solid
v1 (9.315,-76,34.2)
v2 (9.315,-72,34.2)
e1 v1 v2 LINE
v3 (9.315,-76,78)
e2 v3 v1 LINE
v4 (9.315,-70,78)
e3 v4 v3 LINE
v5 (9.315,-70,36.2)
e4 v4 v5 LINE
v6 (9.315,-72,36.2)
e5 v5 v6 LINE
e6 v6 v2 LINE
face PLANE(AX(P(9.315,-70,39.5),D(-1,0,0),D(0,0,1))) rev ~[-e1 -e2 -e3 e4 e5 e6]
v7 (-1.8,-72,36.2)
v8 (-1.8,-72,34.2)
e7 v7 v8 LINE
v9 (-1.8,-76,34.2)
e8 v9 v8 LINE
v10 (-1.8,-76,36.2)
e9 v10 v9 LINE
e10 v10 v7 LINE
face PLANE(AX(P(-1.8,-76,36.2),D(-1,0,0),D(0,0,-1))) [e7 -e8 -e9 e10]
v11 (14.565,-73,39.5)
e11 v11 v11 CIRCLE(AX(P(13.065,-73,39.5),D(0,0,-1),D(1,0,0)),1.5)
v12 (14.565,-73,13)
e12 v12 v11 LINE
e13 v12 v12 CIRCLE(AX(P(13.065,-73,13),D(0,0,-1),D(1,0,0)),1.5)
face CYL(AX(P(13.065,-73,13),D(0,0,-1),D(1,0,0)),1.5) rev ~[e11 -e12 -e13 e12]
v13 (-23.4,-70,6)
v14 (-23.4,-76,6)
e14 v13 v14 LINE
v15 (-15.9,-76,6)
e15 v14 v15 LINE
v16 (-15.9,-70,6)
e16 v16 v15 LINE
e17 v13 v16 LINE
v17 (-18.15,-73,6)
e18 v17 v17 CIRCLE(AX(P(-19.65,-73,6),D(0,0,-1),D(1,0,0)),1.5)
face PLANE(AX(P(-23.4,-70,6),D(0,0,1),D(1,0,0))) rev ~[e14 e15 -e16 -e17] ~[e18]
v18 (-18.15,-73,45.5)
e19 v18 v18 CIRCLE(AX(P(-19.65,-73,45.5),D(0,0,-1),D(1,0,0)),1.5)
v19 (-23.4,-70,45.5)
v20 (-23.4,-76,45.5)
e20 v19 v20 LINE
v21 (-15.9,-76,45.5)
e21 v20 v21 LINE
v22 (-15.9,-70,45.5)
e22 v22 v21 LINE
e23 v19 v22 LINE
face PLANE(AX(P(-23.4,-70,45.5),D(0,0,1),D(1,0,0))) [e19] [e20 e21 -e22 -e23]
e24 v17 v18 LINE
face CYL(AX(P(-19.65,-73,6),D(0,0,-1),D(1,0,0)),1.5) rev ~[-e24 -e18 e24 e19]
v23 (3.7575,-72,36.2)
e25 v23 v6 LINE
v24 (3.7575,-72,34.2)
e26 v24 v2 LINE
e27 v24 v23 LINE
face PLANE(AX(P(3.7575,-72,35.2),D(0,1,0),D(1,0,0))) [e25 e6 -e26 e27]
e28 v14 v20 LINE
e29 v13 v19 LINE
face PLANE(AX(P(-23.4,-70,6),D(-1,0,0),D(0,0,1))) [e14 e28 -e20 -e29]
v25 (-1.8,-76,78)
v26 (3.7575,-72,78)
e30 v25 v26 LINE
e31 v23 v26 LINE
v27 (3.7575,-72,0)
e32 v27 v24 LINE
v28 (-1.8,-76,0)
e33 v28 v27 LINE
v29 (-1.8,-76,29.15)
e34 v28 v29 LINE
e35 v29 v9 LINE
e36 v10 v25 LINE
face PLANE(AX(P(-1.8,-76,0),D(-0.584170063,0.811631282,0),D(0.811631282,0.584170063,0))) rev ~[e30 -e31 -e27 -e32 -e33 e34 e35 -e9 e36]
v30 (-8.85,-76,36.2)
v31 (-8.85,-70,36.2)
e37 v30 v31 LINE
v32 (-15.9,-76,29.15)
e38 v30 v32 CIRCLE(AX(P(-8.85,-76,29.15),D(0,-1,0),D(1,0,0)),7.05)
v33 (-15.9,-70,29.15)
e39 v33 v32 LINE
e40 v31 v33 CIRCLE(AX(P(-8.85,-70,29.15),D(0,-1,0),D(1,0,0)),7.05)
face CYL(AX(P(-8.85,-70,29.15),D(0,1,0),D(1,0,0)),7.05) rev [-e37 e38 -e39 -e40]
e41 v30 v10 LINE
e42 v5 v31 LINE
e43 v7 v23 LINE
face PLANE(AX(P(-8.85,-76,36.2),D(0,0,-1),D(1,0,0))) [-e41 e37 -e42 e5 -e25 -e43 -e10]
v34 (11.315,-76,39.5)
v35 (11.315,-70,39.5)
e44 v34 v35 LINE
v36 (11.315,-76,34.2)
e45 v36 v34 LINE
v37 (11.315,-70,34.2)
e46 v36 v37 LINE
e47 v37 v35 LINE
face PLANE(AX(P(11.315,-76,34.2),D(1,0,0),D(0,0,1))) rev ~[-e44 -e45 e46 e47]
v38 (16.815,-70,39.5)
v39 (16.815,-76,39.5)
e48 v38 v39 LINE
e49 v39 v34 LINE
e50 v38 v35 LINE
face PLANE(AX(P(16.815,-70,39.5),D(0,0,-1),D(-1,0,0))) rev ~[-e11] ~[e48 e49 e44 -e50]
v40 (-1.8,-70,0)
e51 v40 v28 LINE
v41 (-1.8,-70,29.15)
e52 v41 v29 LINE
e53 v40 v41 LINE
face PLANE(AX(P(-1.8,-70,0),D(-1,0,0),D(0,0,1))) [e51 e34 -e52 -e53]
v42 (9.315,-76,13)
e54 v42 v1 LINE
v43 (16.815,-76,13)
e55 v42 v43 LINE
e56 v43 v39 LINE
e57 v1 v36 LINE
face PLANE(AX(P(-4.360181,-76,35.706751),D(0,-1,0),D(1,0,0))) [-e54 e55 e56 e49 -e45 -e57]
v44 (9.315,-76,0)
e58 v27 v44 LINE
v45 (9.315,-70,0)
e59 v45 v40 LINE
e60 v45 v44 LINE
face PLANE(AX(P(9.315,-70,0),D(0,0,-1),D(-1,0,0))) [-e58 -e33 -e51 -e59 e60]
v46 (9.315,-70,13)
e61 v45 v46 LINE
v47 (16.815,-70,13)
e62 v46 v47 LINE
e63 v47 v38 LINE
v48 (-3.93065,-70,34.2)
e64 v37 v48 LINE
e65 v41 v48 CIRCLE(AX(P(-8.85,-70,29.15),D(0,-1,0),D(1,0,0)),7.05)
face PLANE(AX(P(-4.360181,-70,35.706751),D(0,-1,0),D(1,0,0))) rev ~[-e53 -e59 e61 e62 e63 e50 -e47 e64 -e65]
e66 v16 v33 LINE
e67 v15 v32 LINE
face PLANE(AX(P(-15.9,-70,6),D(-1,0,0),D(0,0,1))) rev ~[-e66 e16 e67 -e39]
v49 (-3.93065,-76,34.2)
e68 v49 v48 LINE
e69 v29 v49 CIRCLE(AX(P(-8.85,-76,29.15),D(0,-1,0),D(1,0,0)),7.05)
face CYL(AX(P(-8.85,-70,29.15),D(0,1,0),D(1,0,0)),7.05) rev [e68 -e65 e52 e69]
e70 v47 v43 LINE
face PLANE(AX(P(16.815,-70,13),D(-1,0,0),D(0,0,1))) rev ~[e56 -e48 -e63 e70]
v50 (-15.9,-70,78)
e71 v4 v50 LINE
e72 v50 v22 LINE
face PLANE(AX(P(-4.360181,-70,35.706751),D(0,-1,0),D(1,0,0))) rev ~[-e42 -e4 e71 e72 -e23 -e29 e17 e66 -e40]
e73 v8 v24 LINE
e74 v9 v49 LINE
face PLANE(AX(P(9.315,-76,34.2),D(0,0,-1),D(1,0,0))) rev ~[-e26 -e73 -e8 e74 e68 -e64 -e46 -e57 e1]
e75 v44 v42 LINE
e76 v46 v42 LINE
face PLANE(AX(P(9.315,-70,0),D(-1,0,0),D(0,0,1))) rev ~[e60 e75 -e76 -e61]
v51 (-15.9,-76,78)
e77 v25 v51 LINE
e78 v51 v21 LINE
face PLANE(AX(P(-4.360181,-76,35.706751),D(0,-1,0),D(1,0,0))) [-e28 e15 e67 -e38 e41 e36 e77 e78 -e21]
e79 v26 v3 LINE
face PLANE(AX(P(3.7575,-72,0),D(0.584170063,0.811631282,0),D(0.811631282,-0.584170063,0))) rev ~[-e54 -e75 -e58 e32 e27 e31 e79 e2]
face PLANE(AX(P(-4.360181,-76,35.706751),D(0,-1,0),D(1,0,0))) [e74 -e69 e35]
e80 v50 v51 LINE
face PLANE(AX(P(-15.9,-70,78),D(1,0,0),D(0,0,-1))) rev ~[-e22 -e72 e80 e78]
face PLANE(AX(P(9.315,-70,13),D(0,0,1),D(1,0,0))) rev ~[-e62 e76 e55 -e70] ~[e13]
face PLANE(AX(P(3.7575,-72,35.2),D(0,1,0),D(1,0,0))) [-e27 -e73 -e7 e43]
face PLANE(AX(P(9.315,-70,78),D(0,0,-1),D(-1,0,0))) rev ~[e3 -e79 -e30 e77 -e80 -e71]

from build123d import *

# Parameters (mm, degrees)
PAD013_DEPTH    = 6
POCKET007_DEPTH = 78.001
SKETCH019_W     = 2
SKETCH019_H     = 5.3
POCKET008_DEPTH = 6.001
SKETCH020_W     = 11.115
SKETCH020_H     = 2
POCKET009_DEPTH = 2
SKETCH021_R     = 1.5
POCKET010_DEPTH = 72.001
SKETCH022_R     = 1.5
POCKET011_DEPTH = 65.001


with BuildPart() as part:
    # Sketch017 → Pad013 (new body)
    with BuildSketch(Plane.XZ):
        with BuildLine():
            Line((-15.9, 6), (-15.9, 29.15))
            ThreePointArc((-1.8, 29.15), (-8.85, 36.2), (-15.9, 29.15))
            Line((-1.8, 0), (-1.8, 29.15))
            Line((9.315, 0), (-1.8, 0))
            Line((9.315, 0), (9.315, 13))
            Line((9.315, 13), (16.815, 13))
            Line((16.815, 13), (16.815, 39.5))
            Line((16.815, 39.5), (9.315, 39.5))
            Line((9.315, 39.5), (9.315, 78))
            Line((9.315, 78), (-15.9, 78))
            Line((-15.9, 78), (-15.9, 45.5))
            Line((-23.4, 45.5), (-15.9, 45.5))
            Line((-23.4, 6), (-23.4, 45.5))
            Line((-23.4, 6), (-15.9, 6))
        make_face()
    extrude(amount=PAD013_DEPTH)

    # Sketch018 (on Face5 of Pad013) → Pocket007 (cut, through all)
    with BuildSketch(Plane(origin=(0, 0, 0), x_dir=(1, 0, 0), z_dir=(0, 0, -1))):
        Polygon((-1.8, 6), (3.7575, 2), (9.315, 6), align=None)
    extrude(amount=-POCKET007_DEPTH, mode=Mode.SUBTRACT)

    # Sketch019 (on Face5 of Pocket007) → Pocket008 (cut, through all)
    with BuildSketch(Plane.XZ.offset(6)):
        with BuildLine():
            Line((-8.8500001165, 36.2), (-1.8, 36.2))
            Line((-1.8, 36.2), (-1.8, 34.2))
            Line((-1.8, 34.2), (-3.9306504495, 34.2))
            ThreePointArc((-3.9306504495, 34.2), (-6.1948164445, 35.6808881698), (-8.8500001165, 36.2))
        make_face()
        with Locations((10.315, 36.85)):
            Rectangle(SKETCH019_W, SKETCH019_H)
    extrude(amount=-POCKET008_DEPTH, mode=Mode.SUBTRACT)

    # Sketch020 (on Face4 of Pocket008) → Pocket009 (cut)
    with BuildSketch(Plane(origin=(0, 0, 0), x_dir=(1, 0, 0), z_dir=(0, 1, 0))):
        with Locations((3.7575, -35.2)):
            Rectangle(SKETCH020_W, SKETCH020_H)
    extrude(amount=-POCKET009_DEPTH, mode=Mode.SUBTRACT)

    # Sketch021 (on Face1 of Pocket009) → Pocket010 (cut, through all)
    with BuildSketch(Plane(origin=(0, 0, 6), x_dir=(1, 0, 0), z_dir=(0, 0, -1))):
        with Locations((-19.65, 3)):
            Circle(SKETCH021_R)
    extrude(amount=-POCKET010_DEPTH, mode=Mode.SUBTRACT)

    # Sketch022 (on Face31 of Pocket010) → Pocket011 (cut, through all)
    with BuildSketch(Plane(origin=(0, 0, 13), x_dir=(1, 0, 0), z_dir=(0, 0, -1))):
        with Locations((13.065, 3)):
            Circle(SKETCH022_R)
    extrude(amount=-POCKET011_DEPTH, mode=Mode.SUBTRACT)


with BuildPart() as part_1:
    # Body003 placement: moved
    add(part.part.moved(Location((0, -70, 0))))


solid = part_1.part
